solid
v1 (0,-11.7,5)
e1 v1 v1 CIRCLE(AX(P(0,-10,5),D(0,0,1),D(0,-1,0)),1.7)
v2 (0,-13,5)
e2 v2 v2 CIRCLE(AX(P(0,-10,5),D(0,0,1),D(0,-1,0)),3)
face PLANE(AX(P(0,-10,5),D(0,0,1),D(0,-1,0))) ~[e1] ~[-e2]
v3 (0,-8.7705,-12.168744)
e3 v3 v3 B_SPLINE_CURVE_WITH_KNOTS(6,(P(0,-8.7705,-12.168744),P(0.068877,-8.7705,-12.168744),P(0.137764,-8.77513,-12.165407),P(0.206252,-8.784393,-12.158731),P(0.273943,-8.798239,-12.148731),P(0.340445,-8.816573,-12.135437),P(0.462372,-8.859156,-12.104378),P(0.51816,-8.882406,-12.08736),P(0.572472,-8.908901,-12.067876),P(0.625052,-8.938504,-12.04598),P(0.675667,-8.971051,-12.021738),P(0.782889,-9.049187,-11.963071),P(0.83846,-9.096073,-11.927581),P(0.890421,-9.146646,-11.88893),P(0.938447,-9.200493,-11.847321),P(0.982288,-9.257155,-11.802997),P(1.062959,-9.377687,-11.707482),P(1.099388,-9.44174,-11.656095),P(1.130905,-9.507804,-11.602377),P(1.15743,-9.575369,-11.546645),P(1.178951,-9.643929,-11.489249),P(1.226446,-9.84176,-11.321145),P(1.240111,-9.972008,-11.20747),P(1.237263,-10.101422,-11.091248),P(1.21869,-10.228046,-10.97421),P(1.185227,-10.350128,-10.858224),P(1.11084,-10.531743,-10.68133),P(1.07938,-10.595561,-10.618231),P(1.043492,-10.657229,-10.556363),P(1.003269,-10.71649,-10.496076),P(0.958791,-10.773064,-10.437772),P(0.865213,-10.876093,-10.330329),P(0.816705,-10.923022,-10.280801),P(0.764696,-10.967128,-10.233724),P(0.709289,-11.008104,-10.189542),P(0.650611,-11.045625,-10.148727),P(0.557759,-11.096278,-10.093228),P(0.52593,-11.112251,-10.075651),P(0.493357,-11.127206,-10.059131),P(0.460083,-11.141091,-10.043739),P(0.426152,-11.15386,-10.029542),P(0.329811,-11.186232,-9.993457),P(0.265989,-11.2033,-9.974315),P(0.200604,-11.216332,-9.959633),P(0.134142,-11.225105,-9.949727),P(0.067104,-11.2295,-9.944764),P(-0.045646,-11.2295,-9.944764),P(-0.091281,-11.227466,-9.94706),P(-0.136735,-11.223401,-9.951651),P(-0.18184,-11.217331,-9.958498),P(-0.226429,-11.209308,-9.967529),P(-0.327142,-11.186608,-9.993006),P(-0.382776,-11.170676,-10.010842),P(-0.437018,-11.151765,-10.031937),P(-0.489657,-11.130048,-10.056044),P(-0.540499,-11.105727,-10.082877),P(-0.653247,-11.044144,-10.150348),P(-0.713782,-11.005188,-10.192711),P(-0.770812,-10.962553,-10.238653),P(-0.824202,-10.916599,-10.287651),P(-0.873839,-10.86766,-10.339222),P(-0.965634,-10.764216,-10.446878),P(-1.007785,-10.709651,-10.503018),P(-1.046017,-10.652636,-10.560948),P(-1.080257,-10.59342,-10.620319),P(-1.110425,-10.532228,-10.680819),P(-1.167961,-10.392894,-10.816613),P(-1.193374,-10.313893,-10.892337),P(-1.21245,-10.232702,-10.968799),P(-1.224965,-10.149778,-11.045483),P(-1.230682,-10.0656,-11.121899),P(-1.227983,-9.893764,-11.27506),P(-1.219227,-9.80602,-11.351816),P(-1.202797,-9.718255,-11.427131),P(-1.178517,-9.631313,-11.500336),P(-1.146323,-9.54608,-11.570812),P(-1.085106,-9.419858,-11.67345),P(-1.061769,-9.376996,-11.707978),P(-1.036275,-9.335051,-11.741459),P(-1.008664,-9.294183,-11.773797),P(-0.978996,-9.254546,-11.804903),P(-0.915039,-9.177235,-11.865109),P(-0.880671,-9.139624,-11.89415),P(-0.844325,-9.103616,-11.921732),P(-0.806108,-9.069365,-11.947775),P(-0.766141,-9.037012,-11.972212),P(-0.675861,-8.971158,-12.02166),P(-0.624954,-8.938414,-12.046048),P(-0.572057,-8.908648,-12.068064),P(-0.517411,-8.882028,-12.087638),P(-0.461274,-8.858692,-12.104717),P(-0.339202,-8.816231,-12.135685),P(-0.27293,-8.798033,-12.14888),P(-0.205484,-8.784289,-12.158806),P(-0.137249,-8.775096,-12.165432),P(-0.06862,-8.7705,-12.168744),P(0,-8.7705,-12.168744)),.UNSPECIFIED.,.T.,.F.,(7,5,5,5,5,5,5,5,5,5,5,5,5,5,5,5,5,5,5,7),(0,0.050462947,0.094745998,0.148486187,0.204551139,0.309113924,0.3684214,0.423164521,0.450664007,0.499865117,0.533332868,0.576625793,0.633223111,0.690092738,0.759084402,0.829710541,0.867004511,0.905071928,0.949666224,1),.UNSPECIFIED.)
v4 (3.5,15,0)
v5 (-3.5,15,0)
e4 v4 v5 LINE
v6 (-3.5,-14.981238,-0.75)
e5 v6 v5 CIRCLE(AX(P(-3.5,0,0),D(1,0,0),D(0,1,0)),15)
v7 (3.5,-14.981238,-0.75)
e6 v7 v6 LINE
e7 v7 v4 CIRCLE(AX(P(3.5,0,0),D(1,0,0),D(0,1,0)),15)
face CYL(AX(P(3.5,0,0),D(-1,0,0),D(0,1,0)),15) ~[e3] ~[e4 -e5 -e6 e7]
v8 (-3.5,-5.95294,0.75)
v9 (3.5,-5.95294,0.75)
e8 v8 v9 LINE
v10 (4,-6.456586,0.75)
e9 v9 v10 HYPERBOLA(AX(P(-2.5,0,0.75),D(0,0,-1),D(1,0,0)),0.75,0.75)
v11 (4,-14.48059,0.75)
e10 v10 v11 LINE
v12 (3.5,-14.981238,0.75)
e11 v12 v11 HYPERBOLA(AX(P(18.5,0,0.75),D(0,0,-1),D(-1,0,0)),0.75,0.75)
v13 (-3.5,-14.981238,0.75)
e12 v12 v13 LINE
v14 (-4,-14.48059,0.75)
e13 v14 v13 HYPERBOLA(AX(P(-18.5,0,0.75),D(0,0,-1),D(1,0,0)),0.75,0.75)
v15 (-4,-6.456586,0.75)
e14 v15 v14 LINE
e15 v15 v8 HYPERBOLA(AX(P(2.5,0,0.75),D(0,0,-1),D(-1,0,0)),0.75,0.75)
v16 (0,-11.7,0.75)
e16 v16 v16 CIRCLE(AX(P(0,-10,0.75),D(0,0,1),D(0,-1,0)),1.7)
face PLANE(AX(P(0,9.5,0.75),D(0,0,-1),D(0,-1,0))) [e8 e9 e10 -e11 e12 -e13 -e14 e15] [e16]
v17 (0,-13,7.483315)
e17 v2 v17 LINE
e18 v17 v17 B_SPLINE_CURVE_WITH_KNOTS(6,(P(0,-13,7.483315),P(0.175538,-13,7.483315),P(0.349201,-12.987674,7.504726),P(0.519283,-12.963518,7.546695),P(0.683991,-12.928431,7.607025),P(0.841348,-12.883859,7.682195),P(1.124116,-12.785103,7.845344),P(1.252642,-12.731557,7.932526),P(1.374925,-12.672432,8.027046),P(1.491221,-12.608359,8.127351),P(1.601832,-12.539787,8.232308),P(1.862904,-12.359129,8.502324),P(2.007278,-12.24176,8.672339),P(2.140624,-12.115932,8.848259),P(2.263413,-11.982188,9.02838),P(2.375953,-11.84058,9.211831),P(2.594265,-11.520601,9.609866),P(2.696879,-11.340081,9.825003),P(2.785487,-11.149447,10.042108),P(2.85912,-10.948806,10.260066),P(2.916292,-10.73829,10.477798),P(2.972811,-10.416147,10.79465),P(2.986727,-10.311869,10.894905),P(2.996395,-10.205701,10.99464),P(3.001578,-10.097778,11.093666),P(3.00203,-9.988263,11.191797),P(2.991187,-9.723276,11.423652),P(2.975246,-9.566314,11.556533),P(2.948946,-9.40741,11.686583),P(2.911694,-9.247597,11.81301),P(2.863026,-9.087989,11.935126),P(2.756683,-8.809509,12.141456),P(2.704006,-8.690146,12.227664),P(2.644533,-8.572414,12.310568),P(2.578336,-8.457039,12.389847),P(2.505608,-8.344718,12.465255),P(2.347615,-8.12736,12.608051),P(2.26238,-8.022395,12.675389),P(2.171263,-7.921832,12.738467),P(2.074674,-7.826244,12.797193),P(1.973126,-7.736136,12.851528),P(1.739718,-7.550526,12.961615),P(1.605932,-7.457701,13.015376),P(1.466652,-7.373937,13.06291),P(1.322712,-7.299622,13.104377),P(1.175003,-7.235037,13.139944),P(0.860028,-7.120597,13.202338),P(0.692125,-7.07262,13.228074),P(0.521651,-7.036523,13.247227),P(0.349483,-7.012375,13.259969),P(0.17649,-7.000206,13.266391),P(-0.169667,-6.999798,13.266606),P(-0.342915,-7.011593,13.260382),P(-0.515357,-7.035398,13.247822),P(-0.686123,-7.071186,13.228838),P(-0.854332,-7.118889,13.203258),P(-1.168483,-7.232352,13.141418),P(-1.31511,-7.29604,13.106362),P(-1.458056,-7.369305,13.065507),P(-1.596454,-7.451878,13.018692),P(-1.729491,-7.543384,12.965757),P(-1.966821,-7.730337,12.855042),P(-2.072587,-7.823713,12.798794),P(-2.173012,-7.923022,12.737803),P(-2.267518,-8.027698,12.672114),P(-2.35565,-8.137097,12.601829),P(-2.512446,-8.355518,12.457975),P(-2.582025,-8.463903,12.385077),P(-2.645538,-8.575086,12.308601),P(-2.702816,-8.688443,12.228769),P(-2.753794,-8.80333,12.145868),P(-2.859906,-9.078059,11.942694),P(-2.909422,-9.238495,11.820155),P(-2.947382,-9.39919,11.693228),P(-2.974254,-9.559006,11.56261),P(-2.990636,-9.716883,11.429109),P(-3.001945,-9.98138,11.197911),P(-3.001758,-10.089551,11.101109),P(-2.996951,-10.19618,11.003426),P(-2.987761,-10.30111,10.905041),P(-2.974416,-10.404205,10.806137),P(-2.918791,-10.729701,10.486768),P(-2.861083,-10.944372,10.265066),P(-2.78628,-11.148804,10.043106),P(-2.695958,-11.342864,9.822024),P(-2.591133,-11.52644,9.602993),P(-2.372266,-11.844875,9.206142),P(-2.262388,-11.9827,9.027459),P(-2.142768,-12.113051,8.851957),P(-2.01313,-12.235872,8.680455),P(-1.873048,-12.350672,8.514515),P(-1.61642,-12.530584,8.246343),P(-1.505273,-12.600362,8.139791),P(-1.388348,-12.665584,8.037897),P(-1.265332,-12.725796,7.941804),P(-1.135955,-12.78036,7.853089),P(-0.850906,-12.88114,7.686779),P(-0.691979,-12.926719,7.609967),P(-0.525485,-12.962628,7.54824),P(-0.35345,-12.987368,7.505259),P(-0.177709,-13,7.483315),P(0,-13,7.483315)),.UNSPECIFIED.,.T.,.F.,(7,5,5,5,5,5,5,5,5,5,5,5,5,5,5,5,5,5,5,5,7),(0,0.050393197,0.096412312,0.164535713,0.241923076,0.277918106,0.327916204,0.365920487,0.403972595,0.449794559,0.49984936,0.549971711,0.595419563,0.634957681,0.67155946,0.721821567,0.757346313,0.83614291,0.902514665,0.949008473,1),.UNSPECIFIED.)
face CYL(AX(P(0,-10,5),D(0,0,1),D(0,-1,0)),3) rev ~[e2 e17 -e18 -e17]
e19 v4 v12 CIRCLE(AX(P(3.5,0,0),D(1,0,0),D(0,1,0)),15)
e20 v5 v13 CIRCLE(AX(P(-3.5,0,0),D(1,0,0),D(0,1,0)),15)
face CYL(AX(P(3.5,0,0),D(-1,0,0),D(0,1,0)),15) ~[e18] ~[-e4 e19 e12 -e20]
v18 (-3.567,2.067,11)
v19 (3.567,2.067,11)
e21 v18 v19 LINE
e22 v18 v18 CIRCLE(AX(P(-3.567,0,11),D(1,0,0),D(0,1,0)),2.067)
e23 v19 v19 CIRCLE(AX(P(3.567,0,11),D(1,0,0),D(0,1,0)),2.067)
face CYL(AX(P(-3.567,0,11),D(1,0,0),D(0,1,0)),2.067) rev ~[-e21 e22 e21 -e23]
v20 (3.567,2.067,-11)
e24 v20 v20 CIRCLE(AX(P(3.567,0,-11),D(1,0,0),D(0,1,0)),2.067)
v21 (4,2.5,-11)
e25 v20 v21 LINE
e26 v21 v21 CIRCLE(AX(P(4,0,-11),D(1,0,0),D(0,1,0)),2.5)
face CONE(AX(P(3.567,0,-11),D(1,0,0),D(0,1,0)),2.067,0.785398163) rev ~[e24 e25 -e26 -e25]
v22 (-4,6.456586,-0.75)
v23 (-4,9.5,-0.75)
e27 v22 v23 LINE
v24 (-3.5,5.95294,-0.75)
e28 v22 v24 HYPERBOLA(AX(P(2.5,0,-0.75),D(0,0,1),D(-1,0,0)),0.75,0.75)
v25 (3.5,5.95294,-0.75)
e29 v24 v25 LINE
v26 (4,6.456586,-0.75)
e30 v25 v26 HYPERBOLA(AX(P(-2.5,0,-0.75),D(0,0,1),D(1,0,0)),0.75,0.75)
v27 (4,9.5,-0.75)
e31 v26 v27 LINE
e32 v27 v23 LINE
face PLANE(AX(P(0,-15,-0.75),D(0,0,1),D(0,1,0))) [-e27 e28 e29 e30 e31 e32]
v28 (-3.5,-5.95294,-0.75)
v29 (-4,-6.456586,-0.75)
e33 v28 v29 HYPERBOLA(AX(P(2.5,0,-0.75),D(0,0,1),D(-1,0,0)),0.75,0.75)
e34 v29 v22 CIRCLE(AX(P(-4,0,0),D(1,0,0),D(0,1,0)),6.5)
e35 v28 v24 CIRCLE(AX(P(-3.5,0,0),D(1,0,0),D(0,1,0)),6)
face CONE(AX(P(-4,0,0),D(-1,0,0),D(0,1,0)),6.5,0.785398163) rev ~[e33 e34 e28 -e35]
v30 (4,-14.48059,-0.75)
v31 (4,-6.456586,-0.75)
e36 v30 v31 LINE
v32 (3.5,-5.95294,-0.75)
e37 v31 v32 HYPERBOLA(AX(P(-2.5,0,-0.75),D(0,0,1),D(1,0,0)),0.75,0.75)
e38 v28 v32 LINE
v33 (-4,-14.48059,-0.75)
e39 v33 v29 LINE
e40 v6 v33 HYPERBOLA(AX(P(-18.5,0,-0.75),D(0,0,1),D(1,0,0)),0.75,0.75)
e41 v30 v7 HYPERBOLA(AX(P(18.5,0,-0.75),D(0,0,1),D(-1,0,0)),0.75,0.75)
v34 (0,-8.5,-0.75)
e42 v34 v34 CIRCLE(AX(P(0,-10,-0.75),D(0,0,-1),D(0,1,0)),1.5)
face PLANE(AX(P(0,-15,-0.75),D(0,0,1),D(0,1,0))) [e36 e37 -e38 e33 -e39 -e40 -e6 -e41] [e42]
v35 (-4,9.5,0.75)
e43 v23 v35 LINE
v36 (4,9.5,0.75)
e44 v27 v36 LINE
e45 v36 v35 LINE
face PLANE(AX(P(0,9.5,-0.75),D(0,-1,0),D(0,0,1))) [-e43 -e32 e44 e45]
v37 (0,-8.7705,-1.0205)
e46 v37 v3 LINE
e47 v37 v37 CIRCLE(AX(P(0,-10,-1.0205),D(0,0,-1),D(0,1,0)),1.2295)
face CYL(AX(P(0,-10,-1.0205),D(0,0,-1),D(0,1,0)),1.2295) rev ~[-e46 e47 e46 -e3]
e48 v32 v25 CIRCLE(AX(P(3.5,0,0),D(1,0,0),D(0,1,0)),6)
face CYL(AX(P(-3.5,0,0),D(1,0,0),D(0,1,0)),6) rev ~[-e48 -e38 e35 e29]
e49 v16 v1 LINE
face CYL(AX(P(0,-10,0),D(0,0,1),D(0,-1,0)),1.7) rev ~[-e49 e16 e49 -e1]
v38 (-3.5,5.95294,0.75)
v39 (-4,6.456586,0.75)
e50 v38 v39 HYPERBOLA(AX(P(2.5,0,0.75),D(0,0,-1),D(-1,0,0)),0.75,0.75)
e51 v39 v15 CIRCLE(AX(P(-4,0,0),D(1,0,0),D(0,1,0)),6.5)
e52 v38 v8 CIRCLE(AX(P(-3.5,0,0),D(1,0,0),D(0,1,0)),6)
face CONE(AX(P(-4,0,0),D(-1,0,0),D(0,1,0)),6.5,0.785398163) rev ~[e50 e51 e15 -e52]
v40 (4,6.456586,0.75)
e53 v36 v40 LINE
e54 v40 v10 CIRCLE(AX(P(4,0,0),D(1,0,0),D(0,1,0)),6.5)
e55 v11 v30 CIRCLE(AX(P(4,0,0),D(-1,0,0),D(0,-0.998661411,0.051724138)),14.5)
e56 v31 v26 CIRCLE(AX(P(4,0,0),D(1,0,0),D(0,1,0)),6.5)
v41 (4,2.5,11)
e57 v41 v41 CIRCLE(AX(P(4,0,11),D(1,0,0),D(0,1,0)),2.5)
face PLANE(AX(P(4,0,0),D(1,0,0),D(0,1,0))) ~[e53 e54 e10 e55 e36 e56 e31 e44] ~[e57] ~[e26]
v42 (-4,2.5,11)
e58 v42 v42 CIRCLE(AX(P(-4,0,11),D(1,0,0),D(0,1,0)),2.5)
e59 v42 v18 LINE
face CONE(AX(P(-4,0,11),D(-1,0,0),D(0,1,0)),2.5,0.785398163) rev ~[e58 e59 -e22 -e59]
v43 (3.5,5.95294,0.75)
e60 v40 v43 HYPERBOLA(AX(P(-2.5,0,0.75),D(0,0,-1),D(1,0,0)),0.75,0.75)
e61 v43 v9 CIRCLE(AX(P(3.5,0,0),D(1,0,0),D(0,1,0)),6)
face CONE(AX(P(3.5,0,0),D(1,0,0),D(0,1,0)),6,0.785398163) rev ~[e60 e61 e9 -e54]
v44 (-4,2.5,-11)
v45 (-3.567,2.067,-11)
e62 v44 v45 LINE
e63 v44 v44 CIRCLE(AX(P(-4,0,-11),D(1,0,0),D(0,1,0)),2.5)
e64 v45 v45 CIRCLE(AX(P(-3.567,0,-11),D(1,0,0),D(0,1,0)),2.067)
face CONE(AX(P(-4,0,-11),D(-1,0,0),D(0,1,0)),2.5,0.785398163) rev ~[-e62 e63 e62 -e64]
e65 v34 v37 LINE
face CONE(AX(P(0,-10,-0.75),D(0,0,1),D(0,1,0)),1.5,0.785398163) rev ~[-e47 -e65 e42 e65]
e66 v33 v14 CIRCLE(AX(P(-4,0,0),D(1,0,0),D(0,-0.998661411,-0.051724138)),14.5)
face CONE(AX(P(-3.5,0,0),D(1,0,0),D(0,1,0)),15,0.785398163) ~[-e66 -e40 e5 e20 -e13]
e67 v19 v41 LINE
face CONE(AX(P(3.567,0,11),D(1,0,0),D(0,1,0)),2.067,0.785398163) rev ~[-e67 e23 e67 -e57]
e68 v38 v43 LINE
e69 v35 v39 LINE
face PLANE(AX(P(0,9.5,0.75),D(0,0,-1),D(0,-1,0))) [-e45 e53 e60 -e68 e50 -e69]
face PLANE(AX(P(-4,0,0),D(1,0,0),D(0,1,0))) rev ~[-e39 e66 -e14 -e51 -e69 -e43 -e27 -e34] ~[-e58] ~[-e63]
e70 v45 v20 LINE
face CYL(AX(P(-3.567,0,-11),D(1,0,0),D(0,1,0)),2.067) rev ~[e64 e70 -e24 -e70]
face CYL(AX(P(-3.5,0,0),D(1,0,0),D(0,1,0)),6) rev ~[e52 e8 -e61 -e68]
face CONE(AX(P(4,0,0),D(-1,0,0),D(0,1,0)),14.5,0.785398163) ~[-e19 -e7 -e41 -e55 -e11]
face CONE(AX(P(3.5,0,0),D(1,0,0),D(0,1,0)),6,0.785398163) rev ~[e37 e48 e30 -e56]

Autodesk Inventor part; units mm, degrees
sketch "Sketch_1" plane through (0, 0, 0) normal (0, 0, 1) x (1, 0, 0)
  line L0 (4, 0) -> (-4, 0)
  line L1 (-4, 14.5) -> (-4, 6.5)
  line L2 (-4, 6.5) -> (-3.5, 6)
  line L3 (-3.5, 6) -> (3.5, 6)
  line L4 (3.5, 6) -> (4, 6.5)
  line L5 (4, 6.5) -> (4, 14.5)
  line L6 (4, 14.5) -> (3.5, 15)
  line L7 (3.5, 15) -> (-3.5, 15)
  line L8 (-3.5, 15) -> (-4, 14.5)
revolve "Revolution1" add sketch "Sketch_1" angle 360 about axis through (4, 0, 0) along (1, 0, 0)
sketch "Sketch_2" plane through (0, 0, 0) normal (1, 0, 0) x (0, 1, 0)
  line L0 (-15, 0.75) -> (-15, -0.75)
  line L1 (-15, -0.75) -> (9.5, -0.75)
  line L2 (9.5, -0.75) -> (9.5, 0.75)
  line L3 (9.5, 0.75) -> (-15, 0.75)
extrude "Extrusion1" cut sketch "Sketch_2" along normal mid plane 8
sketch "Sketch_3" plane through (0, 0, 0) normal (1, 0, 0) x (0, 1, 0)
  line L0 (-10, 15) -> (-10, 0)
  line L1 (-10, 0) -> (-11.7, 0)
  line L2 (-11.7, 0) -> (-11.7, 5)
  line L3 (-11.7, 5) -> (-13, 5)
  line L4 (-13, 5) -> (-13, 15)
  line L5 (-13, 15) -> (-10, 15)
  line L6 (-10, 15) -> (-10, 0)
revolve "Revolution2" cut sketch "Sketch_3" angle 360 about axis through (0, -10, 15) along (0, 0, 1)
sketch "Sketch_4" plane through (0, 0, 0) normal (1, 0, 0) x (0, 1, 0)
  line L0 (-10, -15.75) -> (-10, -0.75)
  line L1 (-10, -0.75) -> (-8.5, -0.75)
  line L2 (-8.5, -0.75) -> (-8.7705, -1.0205)
  line L3 (-8.7705, -1.0205) -> (-8.7705, -15.75)
  line L4 (-8.7705, -15.75) -> (-10, -15.75)
  line L5 (-10, -15.75) -> (-10, -0.75)
revolve "Revolution3" cut sketch "Sketch_4" angle 360 about axis through (0, -10, -15.75) along (0, 0, -1)
thread "Thread1" size "M3x0.5" class "6H" standard "ISO Metric profile" length 11.3387
sketch "Sketch_7" plane through (0, 0, -11) normal (0, 0, 1) x (1, 0, 0)
  line L0 (4, 0) -> (-4, 0)
  line L1 (-4, 0) -> (-4, 2.5)
  line L2 (-4, 2.5) -> (-3.567, 2.067)
  line L3 (-3.567, 2.067) -> (3.567, 2.067)
  line L4 (3.567, 2.067) -> (4, 2.5)
  line L5 (4, 2.5) -> (4, 0)
  line L6 (4, 0) -> (-4, 0)
revolve "Revolution4" cut sketch "Sketch_7" angle 360 about axis through (4, 0, -11) along (1, 0, 0)
thread "Thread2" size "M5x0.8" class "6H" standard "ISO Metric profile" full length
sketch "Sketch_8" plane through (0, 0, 11) normal (0, 0, 1) x (1, 0, 0)
  line L0 (4, 0) -> (-4, 0)
  line L1 (-4, 0) -> (-4, 2.5)
  line L2 (-4, 2.5) -> (-3.567, 2.067)
  line L3 (-3.567, 2.067) -> (3.567, 2.067)
  line L4 (3.567, 2.067) -> (4, 2.5)
  line L5 (4, 2.5) -> (4, 0)
  line L6 (4, 0) -> (-4, 0)
revolve "Revolution5" cut sketch "Sketch_8" angle 360 about axis through (4, 0, 11) along (1, 0, 0)
thread "Thread3" size "M5x0.8" class "6H" standard "ISO Metric profile" full length
ref_plane "body_screw_XY" through (0, -10, 5) normal (0, 0, 1) x (1, 0, 0)
ref_plane "body_screw_YZ" through (0, -10, 5) normal (1, 0, 0) x (0, 1, 0)
ref_plane "body_screw_ZX" through (0, -10, 5) normal (0, 1, 0) x (0, 0, 1)
properties part number "SCSW12-8b"
